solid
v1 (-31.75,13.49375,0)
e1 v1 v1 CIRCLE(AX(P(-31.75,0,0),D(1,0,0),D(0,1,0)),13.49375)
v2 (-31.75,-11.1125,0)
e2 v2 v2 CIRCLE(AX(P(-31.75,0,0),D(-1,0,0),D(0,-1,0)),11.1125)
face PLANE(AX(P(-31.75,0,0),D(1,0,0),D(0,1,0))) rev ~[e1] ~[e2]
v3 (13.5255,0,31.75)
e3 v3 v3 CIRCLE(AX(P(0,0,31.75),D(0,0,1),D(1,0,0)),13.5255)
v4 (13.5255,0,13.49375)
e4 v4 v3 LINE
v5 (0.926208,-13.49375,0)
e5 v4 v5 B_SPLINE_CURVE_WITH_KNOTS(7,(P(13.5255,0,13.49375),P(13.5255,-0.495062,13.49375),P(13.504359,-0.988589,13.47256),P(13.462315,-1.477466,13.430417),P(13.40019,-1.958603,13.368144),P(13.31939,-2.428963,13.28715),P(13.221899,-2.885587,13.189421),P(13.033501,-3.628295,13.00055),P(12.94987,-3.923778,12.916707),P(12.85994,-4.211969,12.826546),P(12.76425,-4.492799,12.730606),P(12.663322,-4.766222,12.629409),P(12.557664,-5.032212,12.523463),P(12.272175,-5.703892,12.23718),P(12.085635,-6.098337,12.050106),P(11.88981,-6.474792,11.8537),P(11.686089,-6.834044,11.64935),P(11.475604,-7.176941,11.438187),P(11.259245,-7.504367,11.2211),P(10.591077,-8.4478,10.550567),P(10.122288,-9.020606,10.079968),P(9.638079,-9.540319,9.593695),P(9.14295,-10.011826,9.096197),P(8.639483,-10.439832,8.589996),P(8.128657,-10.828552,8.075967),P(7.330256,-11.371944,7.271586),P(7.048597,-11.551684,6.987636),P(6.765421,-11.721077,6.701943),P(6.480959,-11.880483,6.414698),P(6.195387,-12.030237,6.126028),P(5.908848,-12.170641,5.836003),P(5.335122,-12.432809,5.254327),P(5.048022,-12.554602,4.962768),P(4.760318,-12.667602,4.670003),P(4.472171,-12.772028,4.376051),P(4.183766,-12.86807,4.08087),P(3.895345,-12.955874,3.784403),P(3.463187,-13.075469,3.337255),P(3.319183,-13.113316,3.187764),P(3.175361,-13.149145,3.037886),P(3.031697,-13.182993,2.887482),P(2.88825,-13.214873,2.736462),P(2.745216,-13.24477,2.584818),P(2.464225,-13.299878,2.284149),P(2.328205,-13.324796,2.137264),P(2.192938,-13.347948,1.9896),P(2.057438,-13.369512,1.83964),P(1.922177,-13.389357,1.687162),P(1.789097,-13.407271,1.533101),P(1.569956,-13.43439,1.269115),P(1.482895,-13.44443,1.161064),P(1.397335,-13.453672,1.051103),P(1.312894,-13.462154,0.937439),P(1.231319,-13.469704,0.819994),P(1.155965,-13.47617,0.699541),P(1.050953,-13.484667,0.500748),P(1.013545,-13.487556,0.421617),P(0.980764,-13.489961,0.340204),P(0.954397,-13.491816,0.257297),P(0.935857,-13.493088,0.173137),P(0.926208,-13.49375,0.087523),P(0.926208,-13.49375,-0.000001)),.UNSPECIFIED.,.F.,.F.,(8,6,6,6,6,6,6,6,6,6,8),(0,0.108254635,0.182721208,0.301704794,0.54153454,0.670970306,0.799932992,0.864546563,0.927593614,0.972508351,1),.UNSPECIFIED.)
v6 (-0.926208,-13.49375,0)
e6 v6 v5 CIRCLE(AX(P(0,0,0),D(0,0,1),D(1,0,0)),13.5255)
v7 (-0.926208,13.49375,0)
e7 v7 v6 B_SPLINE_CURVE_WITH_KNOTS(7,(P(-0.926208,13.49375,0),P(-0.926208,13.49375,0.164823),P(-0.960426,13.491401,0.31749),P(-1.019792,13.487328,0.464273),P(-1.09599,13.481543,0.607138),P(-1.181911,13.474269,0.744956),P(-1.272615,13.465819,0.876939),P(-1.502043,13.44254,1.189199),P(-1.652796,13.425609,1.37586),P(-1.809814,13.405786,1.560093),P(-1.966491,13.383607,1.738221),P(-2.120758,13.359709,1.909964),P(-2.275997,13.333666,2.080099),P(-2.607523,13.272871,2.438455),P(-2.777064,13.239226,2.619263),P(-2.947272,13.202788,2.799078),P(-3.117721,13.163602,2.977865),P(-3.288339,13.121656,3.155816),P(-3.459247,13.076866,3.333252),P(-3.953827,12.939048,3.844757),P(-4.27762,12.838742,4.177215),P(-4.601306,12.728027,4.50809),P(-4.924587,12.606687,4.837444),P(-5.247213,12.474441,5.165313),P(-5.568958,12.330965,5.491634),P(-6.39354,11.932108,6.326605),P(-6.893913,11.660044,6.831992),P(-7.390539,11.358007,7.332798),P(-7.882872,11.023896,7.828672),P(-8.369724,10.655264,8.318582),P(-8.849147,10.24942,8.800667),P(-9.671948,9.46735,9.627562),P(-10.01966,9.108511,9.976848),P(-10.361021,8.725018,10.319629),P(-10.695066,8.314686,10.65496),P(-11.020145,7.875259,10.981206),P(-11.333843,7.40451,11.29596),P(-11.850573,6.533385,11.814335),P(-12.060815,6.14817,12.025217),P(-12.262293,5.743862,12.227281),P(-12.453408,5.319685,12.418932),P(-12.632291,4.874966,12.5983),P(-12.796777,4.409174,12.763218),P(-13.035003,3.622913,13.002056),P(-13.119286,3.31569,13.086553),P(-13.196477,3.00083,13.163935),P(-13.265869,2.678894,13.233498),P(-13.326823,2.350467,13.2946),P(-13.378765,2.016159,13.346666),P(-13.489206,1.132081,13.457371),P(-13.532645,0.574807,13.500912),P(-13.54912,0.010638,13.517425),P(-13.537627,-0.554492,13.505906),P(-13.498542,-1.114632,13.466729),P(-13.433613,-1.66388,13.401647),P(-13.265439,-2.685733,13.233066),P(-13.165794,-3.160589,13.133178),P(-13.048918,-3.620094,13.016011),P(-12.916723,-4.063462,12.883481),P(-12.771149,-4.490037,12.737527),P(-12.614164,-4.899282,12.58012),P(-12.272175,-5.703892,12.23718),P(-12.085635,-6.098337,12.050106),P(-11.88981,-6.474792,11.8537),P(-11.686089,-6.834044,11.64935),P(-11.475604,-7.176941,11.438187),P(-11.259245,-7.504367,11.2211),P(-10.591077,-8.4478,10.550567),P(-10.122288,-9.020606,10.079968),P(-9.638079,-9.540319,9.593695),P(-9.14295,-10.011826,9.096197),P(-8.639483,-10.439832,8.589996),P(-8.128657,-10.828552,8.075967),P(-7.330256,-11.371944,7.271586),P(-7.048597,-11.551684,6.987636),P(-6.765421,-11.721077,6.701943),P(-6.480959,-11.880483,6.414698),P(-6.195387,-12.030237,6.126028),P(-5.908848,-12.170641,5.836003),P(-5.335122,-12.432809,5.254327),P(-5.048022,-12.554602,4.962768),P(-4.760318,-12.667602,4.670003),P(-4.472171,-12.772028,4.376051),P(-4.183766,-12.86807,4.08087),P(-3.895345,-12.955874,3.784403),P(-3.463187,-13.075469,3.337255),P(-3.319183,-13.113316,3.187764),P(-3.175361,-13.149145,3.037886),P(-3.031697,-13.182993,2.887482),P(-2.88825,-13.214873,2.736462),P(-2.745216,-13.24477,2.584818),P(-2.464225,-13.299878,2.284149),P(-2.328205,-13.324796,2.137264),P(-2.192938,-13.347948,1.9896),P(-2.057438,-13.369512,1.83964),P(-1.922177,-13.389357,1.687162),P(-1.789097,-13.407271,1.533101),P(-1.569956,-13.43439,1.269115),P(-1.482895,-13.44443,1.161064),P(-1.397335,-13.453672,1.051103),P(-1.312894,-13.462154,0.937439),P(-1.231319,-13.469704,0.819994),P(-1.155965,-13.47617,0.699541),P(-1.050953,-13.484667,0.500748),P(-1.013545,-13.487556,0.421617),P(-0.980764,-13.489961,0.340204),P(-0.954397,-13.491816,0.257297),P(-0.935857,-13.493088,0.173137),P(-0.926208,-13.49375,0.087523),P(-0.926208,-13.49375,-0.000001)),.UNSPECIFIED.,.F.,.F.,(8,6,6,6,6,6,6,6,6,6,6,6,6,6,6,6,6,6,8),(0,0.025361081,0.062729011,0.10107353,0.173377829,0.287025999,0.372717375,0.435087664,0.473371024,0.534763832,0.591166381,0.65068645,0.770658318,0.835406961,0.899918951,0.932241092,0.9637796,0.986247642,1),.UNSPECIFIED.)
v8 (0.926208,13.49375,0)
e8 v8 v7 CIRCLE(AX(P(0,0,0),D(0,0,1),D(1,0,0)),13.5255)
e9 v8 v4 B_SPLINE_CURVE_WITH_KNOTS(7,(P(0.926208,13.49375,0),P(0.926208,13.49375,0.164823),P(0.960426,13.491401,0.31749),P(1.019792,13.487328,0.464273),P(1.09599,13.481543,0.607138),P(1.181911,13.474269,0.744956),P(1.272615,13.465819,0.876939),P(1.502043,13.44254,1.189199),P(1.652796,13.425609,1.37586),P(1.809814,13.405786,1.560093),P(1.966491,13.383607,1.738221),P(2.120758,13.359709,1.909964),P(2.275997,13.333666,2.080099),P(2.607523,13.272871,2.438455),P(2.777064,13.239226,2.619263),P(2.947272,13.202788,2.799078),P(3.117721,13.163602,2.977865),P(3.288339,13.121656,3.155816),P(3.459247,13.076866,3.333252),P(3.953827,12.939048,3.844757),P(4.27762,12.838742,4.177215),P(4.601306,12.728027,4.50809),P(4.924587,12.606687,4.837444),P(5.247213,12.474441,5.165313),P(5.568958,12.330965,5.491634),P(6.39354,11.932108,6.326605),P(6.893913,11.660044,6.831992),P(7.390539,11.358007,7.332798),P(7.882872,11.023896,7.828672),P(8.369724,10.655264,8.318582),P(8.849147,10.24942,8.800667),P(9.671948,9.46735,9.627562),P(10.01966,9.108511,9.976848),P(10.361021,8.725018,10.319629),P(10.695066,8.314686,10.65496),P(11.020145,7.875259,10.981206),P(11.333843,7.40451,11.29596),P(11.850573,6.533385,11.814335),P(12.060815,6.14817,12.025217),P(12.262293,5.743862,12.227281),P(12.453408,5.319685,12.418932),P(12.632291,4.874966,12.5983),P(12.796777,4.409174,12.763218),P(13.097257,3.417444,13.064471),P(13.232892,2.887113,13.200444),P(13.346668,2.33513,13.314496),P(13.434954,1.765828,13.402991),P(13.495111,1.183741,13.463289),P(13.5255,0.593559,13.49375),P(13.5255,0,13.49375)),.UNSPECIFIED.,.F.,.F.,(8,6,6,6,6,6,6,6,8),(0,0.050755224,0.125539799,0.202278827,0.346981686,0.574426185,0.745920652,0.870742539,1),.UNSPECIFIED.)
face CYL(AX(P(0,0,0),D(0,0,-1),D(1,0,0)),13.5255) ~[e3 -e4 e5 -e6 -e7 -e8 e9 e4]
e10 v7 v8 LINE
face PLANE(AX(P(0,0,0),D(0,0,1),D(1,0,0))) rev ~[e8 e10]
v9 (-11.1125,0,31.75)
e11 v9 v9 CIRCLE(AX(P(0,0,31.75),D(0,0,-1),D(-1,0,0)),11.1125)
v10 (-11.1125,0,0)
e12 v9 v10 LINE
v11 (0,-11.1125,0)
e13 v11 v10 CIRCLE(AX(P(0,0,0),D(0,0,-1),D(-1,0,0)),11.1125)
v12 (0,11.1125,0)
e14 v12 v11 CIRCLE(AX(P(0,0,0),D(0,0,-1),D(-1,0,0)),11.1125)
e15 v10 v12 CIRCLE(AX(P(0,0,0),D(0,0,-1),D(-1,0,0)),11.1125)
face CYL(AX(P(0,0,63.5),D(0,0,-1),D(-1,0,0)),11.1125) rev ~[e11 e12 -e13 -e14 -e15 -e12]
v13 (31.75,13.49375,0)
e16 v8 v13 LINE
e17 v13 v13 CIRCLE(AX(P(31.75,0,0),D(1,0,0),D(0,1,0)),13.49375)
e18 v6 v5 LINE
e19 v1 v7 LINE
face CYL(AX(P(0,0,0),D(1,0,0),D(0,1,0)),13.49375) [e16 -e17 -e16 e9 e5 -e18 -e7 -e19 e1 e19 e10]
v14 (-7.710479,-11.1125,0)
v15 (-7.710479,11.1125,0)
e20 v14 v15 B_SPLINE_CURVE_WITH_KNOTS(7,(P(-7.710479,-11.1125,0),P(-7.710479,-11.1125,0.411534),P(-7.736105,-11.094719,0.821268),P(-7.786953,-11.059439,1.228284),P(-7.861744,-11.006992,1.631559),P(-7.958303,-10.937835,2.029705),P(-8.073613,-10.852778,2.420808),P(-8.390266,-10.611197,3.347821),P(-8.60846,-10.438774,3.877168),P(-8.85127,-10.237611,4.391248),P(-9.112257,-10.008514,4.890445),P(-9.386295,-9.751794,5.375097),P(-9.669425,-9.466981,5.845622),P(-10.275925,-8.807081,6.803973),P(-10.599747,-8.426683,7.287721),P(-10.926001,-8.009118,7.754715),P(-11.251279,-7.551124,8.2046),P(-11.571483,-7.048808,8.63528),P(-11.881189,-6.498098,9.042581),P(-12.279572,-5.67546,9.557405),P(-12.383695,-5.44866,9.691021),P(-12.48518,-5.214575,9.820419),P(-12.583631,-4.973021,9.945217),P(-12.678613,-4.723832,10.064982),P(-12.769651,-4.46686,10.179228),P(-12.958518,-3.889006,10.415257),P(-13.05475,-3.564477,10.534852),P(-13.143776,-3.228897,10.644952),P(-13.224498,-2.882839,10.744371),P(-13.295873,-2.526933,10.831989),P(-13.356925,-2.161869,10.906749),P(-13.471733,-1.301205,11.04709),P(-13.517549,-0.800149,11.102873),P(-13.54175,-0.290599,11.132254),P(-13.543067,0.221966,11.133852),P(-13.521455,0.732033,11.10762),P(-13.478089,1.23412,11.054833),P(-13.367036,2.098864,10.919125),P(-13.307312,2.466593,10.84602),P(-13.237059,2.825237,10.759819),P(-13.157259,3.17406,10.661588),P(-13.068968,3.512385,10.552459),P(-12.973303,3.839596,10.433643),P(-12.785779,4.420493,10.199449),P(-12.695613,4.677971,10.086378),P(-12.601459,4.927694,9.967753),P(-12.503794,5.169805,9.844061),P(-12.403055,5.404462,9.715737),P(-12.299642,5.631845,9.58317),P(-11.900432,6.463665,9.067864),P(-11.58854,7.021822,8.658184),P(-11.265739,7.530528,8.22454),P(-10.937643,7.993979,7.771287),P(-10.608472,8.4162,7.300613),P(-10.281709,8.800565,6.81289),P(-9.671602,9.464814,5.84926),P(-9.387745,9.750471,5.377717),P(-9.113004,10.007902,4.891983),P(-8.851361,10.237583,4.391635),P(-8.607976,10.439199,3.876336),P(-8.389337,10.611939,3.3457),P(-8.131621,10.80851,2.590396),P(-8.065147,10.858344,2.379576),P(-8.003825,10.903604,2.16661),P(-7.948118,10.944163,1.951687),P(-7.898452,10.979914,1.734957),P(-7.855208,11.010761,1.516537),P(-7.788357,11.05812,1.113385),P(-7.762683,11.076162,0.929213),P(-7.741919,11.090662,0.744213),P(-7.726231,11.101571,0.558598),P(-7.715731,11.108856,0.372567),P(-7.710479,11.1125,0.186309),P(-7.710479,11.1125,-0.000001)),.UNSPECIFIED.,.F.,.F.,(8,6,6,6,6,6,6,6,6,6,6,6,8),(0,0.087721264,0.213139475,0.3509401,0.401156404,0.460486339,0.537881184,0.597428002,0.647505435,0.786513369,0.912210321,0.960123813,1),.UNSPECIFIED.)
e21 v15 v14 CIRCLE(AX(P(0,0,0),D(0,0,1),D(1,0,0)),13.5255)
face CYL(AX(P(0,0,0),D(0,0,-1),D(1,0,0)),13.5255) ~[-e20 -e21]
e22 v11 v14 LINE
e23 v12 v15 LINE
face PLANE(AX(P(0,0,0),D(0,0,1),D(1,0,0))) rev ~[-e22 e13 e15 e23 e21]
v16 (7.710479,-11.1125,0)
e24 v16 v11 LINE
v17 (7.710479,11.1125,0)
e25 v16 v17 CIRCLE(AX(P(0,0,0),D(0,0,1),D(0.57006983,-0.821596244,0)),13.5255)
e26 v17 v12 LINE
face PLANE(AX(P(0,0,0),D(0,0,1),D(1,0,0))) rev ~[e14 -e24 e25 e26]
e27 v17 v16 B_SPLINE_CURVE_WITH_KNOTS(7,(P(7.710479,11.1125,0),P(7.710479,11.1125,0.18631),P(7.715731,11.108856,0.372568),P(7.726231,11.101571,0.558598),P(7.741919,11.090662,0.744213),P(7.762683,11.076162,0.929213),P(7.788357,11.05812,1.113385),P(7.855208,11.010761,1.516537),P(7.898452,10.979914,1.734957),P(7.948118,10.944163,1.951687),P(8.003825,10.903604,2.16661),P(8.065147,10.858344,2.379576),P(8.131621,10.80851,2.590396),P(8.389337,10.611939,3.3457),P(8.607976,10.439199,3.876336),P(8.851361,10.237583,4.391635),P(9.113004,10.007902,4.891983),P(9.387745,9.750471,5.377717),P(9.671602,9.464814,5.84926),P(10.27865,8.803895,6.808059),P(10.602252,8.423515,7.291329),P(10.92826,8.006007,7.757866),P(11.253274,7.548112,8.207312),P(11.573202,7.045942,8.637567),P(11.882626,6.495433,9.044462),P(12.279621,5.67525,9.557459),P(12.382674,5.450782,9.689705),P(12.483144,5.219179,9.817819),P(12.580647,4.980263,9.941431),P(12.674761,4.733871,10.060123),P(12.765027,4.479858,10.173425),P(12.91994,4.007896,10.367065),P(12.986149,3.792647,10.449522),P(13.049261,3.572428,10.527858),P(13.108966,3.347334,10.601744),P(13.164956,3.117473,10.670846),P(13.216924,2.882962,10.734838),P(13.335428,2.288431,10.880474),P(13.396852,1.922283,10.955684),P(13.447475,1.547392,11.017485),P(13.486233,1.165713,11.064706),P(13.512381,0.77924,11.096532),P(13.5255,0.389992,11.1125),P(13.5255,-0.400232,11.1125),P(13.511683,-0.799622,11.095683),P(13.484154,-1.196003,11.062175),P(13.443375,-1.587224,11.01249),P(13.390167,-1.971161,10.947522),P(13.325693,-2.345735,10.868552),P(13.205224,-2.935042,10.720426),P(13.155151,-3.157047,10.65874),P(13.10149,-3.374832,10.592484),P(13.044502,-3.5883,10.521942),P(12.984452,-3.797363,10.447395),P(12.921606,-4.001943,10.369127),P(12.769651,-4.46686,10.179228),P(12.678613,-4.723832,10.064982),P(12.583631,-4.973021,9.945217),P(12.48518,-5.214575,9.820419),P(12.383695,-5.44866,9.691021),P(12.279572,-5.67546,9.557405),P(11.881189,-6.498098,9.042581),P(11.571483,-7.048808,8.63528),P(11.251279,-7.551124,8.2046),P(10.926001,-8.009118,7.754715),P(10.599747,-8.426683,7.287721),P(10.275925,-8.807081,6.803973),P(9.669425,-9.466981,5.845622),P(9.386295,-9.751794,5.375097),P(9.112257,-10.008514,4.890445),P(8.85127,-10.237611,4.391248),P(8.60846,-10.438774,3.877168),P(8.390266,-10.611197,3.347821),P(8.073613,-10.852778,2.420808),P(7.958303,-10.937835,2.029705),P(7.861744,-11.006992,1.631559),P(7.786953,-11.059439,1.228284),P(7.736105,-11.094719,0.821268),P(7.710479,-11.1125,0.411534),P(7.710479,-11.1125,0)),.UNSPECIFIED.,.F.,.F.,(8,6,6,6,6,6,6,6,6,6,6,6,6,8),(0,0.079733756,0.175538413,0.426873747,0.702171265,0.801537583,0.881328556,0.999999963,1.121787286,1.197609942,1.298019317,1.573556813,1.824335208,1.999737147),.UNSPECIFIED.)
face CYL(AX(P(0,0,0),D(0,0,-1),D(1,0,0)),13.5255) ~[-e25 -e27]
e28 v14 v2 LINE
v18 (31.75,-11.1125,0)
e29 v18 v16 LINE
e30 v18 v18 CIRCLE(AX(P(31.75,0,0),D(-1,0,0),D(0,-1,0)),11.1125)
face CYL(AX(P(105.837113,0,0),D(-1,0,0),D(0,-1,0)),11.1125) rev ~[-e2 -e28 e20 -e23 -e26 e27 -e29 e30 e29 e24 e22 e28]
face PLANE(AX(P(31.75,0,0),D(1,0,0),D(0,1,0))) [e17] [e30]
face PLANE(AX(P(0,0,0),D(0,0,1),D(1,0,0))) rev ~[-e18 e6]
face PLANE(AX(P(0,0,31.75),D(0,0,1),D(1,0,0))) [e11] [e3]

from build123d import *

# Parameters (mm, degrees)
F0_R     = 13.49375
F1_DEPTH = 31.75
F3_D     = 22.225
F4_R     = 13.5255
F5_DEPTH = 31.75
F7_D     = 22.225
F7_DEPTH = 31.75


with BuildPart() as f1:
    # F0 (on Right) → F1 (new body, symmetric)
    with BuildSketch(Plane.YZ):
        Circle(F0_R)
    extrude(amount=F1_DEPTH, both=True)

    # F3 (through all)
    with Locations(Plane.YZ.offset(31.75)):
        with Locations((0, 0)):
            Hole(F3_D / 2)

    # F4 (on Top) → F5 (join)
    with BuildSketch(Plane.XY):
        Circle(F4_R)
    extrude(amount=F5_DEPTH)

    # F7
    with Locations(Plane.XY.offset(31.75)):
        with Locations((0, 0)):
            Hole(F7_D / 2, depth=F7_DEPTH)


solid = f1.part
